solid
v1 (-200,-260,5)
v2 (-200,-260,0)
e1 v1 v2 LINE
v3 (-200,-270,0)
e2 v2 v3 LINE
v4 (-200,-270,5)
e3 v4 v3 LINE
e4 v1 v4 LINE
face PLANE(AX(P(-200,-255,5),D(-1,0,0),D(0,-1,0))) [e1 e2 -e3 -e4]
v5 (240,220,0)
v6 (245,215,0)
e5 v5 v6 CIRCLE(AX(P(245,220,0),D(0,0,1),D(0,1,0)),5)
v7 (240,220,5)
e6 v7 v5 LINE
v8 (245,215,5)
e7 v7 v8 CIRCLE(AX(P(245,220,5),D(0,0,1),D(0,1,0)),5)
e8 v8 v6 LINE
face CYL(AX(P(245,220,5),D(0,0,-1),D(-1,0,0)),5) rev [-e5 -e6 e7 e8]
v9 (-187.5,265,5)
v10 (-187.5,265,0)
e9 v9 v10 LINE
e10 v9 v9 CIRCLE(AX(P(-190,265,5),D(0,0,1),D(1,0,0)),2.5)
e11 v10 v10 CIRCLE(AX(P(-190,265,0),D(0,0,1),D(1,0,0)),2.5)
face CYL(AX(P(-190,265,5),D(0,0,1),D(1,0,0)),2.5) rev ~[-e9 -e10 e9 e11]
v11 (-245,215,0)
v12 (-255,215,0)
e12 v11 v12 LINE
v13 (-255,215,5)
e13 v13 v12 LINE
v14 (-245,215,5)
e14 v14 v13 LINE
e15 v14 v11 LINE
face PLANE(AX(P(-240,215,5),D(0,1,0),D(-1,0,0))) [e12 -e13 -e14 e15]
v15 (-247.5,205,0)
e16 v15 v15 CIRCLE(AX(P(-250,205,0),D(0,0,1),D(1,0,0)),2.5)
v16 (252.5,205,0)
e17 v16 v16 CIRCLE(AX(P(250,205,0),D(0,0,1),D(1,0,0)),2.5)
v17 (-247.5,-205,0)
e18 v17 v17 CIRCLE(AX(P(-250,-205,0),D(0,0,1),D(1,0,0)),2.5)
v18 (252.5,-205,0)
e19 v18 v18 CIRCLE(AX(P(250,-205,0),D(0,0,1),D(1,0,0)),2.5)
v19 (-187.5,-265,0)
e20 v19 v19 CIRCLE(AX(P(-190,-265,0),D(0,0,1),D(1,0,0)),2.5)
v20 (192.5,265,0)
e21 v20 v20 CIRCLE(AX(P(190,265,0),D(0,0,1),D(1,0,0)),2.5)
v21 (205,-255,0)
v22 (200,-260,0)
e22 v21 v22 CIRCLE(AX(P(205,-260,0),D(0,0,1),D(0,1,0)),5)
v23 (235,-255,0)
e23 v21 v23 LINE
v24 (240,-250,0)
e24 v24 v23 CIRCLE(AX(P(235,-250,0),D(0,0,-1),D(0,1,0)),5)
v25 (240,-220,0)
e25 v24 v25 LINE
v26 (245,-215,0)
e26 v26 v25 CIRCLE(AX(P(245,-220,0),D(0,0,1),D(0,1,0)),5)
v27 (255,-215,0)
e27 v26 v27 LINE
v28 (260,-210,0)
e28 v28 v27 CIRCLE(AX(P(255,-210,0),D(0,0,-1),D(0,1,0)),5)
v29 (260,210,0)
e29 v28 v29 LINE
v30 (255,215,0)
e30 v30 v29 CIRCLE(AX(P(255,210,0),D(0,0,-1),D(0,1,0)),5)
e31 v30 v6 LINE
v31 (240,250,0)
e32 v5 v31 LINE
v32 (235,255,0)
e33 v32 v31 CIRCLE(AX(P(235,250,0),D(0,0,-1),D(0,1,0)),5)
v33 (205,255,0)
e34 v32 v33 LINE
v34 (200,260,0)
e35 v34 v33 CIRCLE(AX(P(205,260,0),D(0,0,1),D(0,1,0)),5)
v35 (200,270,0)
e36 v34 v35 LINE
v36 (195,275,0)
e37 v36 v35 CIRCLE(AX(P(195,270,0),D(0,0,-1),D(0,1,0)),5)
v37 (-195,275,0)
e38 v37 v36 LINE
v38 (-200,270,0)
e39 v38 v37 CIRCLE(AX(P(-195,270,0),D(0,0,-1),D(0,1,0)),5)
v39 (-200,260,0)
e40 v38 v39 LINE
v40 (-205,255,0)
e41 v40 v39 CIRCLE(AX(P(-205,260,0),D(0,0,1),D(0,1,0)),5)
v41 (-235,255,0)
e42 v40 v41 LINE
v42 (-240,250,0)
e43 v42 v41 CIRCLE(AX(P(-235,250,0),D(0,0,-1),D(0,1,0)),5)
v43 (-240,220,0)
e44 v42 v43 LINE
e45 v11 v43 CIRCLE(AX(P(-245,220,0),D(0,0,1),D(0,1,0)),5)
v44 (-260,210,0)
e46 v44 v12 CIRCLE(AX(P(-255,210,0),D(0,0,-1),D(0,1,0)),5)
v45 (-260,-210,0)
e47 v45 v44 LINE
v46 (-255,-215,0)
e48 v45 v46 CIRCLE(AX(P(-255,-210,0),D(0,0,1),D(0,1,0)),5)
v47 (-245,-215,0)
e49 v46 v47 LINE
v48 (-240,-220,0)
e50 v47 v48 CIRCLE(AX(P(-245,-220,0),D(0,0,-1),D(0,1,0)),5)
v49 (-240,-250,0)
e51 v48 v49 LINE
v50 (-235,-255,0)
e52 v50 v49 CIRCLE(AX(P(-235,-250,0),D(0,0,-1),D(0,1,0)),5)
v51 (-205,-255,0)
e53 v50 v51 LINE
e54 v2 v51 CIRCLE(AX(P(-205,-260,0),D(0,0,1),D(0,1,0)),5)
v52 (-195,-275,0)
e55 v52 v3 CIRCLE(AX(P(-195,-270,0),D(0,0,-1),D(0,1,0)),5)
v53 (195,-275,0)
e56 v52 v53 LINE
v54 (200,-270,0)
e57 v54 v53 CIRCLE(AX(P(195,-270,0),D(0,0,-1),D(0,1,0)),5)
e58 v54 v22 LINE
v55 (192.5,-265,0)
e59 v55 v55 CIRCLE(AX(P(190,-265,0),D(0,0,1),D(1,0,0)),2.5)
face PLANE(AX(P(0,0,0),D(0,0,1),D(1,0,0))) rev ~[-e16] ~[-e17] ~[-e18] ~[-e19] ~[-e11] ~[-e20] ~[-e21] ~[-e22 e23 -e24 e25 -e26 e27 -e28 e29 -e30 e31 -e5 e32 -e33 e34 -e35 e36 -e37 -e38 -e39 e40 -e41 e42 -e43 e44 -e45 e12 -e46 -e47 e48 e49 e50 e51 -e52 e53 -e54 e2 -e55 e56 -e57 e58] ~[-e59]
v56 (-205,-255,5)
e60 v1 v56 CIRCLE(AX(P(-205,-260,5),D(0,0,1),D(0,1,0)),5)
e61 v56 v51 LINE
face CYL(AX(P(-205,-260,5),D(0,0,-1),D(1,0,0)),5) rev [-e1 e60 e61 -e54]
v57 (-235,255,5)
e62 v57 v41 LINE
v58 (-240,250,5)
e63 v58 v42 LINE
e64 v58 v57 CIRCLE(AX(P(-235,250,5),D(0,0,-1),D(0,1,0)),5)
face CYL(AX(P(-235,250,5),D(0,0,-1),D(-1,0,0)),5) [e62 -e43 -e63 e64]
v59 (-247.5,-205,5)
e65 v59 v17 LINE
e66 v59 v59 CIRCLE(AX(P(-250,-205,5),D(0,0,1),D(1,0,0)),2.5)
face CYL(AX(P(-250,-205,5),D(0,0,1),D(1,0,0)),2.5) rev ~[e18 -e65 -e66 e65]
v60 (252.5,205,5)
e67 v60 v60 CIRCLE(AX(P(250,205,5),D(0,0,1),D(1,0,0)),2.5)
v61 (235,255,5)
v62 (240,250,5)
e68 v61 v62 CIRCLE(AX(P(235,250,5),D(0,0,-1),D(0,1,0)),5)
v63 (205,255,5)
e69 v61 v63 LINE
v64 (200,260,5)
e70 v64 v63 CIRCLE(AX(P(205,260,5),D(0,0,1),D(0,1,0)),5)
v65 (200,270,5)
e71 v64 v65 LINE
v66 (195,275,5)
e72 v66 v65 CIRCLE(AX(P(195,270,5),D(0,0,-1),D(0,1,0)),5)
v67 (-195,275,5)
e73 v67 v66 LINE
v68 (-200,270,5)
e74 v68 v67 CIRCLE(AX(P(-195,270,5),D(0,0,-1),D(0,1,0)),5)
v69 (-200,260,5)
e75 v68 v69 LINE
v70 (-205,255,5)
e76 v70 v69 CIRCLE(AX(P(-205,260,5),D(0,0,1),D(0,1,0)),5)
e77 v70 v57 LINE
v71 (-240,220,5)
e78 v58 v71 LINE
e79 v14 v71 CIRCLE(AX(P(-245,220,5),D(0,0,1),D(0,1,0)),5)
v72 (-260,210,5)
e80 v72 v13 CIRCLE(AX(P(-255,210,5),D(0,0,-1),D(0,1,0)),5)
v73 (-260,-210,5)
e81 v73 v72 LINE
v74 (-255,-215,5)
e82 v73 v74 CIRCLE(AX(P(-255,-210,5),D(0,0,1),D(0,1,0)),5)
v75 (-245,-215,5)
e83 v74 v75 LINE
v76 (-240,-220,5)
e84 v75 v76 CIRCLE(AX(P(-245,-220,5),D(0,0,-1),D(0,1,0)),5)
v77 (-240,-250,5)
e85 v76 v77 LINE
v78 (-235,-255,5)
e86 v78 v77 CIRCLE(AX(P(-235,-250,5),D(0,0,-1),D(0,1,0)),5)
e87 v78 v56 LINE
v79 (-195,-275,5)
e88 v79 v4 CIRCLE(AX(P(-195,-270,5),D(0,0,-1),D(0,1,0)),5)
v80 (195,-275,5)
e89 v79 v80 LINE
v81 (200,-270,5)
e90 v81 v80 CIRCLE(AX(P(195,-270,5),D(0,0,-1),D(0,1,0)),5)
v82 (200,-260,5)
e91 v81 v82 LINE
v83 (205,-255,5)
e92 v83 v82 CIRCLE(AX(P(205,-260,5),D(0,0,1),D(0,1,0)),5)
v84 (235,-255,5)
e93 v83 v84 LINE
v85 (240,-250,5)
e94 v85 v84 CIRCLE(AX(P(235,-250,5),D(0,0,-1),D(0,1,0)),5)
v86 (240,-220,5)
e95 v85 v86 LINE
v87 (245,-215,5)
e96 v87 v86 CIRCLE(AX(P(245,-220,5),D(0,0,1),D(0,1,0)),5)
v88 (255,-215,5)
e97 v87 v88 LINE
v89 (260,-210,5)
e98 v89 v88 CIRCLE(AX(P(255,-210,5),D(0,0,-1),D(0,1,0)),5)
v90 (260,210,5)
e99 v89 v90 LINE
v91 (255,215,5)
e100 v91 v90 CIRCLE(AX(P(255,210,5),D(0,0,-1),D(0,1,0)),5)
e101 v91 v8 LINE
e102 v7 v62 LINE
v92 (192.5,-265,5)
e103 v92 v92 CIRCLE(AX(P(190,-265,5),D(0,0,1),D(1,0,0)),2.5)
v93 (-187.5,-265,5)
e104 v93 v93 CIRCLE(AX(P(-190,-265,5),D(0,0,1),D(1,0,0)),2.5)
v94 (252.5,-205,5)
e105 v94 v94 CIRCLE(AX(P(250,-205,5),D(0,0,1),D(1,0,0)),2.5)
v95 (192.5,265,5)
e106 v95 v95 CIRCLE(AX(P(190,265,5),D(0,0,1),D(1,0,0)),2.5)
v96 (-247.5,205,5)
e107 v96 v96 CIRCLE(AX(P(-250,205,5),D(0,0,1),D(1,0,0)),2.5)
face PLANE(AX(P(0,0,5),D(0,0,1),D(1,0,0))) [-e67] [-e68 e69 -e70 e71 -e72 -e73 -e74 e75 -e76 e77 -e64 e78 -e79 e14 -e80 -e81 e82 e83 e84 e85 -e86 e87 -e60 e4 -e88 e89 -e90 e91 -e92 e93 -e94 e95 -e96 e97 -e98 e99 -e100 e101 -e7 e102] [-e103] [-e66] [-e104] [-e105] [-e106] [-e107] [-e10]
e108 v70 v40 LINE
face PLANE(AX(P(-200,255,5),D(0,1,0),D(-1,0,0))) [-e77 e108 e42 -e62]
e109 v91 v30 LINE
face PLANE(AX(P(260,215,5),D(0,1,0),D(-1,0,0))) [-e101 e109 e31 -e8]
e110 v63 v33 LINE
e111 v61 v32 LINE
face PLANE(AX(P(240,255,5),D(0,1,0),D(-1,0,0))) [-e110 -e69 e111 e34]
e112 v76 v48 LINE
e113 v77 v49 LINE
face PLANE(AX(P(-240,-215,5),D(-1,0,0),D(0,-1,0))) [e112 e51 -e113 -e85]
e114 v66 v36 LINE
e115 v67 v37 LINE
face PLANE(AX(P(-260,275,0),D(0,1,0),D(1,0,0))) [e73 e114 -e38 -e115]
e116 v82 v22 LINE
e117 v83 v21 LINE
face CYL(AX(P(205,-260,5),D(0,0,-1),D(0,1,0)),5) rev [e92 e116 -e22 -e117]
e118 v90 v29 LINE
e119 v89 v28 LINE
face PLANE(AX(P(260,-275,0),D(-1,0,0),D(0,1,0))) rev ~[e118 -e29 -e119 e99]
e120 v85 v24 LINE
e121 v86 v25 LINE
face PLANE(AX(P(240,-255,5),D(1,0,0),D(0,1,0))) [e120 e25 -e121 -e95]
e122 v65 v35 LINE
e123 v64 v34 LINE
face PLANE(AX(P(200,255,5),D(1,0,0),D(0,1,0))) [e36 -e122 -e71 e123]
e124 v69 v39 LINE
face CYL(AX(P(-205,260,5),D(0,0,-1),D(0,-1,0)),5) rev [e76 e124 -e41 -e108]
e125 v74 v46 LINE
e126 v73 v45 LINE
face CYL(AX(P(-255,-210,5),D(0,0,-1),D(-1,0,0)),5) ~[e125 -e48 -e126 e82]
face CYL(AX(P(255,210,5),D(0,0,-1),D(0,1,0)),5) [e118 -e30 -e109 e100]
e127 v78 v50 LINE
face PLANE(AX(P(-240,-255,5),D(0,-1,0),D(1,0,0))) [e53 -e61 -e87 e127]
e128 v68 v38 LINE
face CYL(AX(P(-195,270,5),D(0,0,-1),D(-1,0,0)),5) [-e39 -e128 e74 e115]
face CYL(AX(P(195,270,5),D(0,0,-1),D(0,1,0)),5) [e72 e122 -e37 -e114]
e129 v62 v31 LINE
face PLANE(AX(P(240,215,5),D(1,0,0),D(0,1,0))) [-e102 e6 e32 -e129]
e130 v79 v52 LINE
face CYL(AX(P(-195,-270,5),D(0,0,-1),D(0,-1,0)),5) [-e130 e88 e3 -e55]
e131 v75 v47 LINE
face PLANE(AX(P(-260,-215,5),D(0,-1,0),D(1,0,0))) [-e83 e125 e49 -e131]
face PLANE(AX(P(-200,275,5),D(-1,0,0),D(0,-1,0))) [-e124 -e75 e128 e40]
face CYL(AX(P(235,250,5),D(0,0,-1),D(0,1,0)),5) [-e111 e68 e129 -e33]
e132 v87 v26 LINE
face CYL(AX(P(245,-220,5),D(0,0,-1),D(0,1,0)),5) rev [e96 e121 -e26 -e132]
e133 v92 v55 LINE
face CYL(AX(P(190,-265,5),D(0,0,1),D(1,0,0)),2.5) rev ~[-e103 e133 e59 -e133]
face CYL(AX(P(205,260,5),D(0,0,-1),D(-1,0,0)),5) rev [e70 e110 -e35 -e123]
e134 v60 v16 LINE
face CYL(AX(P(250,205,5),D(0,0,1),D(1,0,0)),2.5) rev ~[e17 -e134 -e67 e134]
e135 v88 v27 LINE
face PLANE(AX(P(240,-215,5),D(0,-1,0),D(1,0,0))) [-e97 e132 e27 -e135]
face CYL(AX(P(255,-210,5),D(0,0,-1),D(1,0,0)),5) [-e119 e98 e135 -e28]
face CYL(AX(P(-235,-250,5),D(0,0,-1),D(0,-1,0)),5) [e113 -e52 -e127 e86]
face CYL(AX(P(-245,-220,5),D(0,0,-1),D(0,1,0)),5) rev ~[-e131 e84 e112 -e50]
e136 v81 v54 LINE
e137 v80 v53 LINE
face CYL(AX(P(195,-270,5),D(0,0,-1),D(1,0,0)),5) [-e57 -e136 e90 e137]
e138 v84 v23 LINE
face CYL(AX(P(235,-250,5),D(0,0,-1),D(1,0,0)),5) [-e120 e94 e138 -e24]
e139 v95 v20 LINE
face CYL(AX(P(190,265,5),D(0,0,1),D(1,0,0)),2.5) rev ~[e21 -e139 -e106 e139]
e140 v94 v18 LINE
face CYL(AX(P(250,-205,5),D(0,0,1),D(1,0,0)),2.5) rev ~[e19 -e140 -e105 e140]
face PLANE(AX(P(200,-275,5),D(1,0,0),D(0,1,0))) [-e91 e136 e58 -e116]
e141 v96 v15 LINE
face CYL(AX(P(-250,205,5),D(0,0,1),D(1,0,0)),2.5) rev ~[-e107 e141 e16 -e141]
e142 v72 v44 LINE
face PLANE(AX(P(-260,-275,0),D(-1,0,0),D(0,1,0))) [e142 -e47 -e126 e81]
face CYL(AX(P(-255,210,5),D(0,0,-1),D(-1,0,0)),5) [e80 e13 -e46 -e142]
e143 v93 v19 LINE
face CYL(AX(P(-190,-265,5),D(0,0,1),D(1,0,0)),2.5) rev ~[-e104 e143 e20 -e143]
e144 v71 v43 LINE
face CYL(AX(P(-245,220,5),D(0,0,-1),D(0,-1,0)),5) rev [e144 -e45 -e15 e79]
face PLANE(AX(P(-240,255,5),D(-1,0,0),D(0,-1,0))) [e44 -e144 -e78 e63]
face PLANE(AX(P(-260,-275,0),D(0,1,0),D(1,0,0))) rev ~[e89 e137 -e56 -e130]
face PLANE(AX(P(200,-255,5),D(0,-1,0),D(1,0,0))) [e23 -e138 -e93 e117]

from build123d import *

# Parameters (mm, degrees)
SKETCH_1_W          = 520
SKETCH_1_H          = 550
EXTRUDE_1_DEPTH     = 5
SKETCH_2_R          = 2.5
CUT_EXTRUDE_2_DEPTH = 379.483817356
FILLET_2_R          = 5


with BuildPart() as part:
    # 草图1 → 凸台-拉伸1 (new body)
    with BuildSketch(Plane.XY):
        Rectangle(SKETCH_1_W, SKETCH_1_H)
    extrude(amount=EXTRUDE_1_DEPTH)

    # 草图2 → 切除-拉伸2 (cut, through all)
    with BuildSketch(Plane.XY.offset(5)):
        with Locations((-190, 265)):
            Circle(SKETCH_2_R)
        with Locations((190, 265)):
            Circle(SKETCH_2_R)
        with Locations((250, 205)):
            Circle(SKETCH_2_R)
        with Locations((-250, 205)):
            Circle(SKETCH_2_R)
        with Locations((-250, -205)):
            Circle(SKETCH_2_R)
        with Locations((-190, -265)):
            Circle(SKETCH_2_R)
        with Locations((190, -265)):
            Circle(SKETCH_2_R)
        with Locations((250, -205)):
            Circle(SKETCH_2_R)
        Polygon((240, 255), (200, 255), (200, 275), (260, 275), (260, 215), (240, 215), align=None)
        Polygon((-240, 255), (-240, 215), (-260, 215), (-260, 275), (-200, 275), (-200, 255), align=None)
        Polygon((-240, -255), (-200, -255), (-200, -275), (-260, -275), (-260, -215), (-240, -215), align=None)
        Polygon((240, -255), (240, -215), (260, -215), (260, -275), (200, -275), (200, -255), align=None)
    extrude(amount=-CUT_EXTRUDE_2_DEPTH, mode=Mode.SUBTRACT)

    # 圆角2
    fillet_2_edges = [part.edges().sort_by_distance(p)[0] for p in [
        (260, 215, 2.5),
        (240, 215, 2.5),
        (240, 255, 2.5),
        (200, 255, 2.5),
        (200, 275, 2.5),
        (-200, 275, 2.5),
        (-200, 255, 2.5),
        (-240, 255, 2.5),
        (-240, 215, 2.5),
        (-260, 215, 2.5),
        (-260, -215, 2.5),
        (-240, -215, 2.5),
        (-240, -255, 2.5),
        (-200, -255, 2.5),
        (-200, -275, 2.5),
        (200, -275, 2.5),
        (200, -255, 2.5),
        (240, -255, 2.5),
        (240, -215, 2.5),
        (260, -215, 2.5),
    ]]
    fillet(fillet_2_edges, radius=FILLET_2_R)


solid = part.part
